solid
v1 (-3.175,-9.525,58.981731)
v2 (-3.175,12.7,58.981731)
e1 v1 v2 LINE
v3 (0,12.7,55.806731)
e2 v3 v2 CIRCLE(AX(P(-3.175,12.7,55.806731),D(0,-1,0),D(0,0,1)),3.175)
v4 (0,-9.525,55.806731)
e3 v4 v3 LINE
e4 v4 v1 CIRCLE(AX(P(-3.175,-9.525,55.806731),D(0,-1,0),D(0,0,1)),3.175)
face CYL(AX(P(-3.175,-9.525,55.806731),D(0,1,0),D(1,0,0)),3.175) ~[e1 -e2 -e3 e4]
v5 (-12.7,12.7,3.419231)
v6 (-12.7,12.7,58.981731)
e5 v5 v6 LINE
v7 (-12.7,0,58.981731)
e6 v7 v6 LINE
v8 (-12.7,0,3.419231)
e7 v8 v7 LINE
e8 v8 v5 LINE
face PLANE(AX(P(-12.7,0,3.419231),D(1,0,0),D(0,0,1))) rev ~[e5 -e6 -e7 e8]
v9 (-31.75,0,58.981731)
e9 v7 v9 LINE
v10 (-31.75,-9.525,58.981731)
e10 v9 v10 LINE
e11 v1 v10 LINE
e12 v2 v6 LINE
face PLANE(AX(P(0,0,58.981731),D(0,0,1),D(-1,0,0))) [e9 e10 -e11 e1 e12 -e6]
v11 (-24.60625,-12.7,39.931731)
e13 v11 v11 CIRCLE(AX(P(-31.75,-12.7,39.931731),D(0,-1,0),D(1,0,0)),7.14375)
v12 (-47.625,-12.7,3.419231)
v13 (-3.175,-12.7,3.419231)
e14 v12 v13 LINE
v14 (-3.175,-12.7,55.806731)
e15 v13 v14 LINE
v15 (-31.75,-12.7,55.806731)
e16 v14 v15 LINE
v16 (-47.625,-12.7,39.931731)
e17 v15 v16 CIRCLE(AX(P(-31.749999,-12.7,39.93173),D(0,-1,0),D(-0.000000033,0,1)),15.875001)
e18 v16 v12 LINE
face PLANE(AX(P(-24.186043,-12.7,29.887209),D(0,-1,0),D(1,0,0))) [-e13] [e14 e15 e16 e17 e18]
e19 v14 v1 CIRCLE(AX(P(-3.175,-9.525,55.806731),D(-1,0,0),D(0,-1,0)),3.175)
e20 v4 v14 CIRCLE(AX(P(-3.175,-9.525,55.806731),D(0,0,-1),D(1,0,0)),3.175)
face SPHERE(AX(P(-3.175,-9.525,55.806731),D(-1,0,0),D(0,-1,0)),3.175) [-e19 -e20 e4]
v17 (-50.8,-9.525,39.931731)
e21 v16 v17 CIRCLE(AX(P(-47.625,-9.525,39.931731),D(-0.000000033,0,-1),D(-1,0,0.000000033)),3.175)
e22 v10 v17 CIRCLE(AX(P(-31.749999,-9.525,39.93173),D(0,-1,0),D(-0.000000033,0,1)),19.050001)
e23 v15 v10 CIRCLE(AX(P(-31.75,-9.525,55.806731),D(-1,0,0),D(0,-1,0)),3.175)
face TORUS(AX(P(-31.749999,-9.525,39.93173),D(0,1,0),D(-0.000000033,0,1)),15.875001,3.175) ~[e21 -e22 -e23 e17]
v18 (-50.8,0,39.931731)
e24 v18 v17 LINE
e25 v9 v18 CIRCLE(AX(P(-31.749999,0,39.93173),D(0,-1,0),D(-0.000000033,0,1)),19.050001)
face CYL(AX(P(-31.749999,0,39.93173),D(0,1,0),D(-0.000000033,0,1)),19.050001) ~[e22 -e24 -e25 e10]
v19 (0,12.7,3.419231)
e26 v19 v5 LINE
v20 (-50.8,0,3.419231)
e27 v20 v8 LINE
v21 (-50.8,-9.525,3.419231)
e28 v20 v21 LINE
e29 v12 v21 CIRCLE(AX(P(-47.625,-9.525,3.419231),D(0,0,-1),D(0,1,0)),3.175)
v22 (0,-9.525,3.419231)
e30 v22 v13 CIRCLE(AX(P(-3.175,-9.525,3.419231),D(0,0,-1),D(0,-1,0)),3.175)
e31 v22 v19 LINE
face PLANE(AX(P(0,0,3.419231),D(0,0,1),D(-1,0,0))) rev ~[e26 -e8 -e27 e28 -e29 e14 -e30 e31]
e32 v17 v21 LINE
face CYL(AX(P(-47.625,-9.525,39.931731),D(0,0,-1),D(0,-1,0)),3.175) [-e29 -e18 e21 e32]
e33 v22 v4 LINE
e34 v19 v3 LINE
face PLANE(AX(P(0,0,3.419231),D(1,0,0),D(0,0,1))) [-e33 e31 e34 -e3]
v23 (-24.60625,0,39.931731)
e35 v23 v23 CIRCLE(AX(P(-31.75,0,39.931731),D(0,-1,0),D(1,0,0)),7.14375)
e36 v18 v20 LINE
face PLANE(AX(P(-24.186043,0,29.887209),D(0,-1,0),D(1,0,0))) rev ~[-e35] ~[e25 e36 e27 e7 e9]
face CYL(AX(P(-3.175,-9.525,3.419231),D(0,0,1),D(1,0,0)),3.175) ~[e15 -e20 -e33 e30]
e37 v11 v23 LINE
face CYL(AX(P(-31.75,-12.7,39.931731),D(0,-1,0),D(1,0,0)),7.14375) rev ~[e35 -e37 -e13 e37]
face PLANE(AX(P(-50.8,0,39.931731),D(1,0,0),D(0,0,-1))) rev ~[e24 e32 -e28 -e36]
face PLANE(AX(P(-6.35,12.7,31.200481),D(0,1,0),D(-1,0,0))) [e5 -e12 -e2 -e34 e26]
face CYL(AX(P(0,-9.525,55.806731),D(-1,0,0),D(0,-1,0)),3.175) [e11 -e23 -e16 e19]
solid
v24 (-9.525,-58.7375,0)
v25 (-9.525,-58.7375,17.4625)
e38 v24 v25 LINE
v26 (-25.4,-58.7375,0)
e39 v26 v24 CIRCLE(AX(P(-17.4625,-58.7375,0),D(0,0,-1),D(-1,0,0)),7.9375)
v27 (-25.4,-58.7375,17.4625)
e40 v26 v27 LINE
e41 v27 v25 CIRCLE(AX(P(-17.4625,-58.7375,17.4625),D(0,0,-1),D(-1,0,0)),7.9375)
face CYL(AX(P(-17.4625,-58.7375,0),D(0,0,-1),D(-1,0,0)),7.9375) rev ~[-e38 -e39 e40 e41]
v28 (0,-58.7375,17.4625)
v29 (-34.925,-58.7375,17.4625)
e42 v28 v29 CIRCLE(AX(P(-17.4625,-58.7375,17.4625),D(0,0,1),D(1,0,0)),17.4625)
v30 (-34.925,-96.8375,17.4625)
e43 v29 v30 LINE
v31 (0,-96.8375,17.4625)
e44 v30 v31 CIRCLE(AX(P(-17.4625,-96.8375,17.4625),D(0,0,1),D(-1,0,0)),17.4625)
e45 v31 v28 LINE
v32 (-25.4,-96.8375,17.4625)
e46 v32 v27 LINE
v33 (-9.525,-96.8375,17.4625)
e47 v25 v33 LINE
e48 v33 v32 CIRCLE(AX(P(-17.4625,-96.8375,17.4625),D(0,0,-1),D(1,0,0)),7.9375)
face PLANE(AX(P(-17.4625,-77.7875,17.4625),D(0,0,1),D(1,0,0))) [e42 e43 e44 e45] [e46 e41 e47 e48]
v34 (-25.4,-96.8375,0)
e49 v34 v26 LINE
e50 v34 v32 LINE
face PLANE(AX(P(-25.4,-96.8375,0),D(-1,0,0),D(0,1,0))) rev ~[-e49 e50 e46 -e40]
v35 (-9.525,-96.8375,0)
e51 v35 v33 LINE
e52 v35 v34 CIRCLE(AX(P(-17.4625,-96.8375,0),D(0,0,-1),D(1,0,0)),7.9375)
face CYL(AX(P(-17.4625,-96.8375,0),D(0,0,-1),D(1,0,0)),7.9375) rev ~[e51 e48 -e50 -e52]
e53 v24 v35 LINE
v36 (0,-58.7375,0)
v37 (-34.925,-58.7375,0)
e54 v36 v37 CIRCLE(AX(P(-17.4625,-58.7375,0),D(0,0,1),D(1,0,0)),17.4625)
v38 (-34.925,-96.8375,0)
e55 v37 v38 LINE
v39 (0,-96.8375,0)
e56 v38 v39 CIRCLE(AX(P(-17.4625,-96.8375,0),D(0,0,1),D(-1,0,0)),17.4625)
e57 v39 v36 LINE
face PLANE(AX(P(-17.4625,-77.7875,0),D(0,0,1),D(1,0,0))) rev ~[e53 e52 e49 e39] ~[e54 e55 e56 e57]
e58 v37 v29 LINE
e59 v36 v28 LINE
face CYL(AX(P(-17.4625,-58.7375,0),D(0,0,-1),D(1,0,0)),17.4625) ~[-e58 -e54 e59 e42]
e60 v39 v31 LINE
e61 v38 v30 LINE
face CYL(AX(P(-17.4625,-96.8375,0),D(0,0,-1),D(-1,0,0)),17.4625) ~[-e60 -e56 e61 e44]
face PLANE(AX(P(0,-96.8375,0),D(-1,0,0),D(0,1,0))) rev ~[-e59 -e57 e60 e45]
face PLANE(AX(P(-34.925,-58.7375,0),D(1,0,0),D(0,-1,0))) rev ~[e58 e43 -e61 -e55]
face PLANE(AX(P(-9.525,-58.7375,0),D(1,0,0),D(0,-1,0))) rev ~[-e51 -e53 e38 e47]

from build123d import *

# Parameters (mm, degrees)
F1_DEPTH = 12.7
F2_W     = 12.7
F2_H     = 55.5625
F3_DEPTH = 12.7
F5_R     = 7.14375
F6_DEPTH = 12.7
F7_R     = 3.175
F8_R     = 3.175
F9_DEPTH = 17.4625


with BuildPart() as f1:
    # F0 (on Front) → F1 (new body)
    with BuildSketch(Plane.XZ):
        with BuildLine():
            Line((0, 58.981731), (-31.75, 58.981731))
            ThreePointArc((-31.75, 58.981731), (-45.220384, 53.402115), (-50.8, 39.931731))
            Line((-50.8, 39.931731), (-50.8, 3.419231))
            Line((-50.8, 3.419231), (0, 3.419231))
            Line((0, 3.419231), (0, 58.981731))
        make_face()
    extrude(amount=F1_DEPTH)

    # F2 (on face) → F3 (join)
    with BuildSketch(Plane(origin=(0, 0, 0), x_dir=(-1, 0, 0), z_dir=(0, 1, 0))):
        with Locations((6.35, 31.200481)):
            Rectangle(F2_W, F2_H)
    extrude(amount=F3_DEPTH)

    # F5 (on face) → F6 (cut)
    with BuildSketch(Plane.XZ.offset(12.7)):
        with Locations((-31.75, 39.931731)):
            Circle(F5_R)
    extrude(amount=-F6_DEPTH, mode=Mode.SUBTRACT)

    # F7
    f7_edges = [f1.edges().sort_by_distance(p)[0] for p in [
        (-45.220384, -12.7, 53.402115),
    ]]
    fillet(f7_edges, radius=F7_R)

    # F8
    f8_edges = [f1.edges().sort_by_distance(p)[0] for p in [
        (0, -12.7, 29.612981),
    ]]
    fillet(f8_edges, radius=F8_R)


with BuildPart() as f9:
    # F4 (on Top) → F9 (new body)
    with BuildSketch(Plane.XY):
        with BuildLine():
            Line((0, -96.8375), (0, -58.7375))
            ThreePointArc((0, -58.7375), (-17.4625, -41.275), (-34.925, -58.7375))
            Line((-34.925, -58.7375), (-34.925, -96.8375))
            ThreePointArc((-34.925, -96.8375), (-17.4625, -114.3), (0, -96.8375))
        make_face()
        with BuildLine():
            Line((-9.525, -58.7375), (-9.525, -96.8375))
            ThreePointArc((-9.525, -96.8375), (-17.4625, -104.775), (-25.4, -96.8375))
            Line((-25.4, -96.8375), (-25.4, -58.7375))
            ThreePointArc((-25.4, -58.7375), (-17.4625, -50.8), (-9.525, -58.7375))
        make_face(mode=Mode.SUBTRACT)
    extrude(amount=F9_DEPTH)


solid = Compound([f1.part, f9.part])
